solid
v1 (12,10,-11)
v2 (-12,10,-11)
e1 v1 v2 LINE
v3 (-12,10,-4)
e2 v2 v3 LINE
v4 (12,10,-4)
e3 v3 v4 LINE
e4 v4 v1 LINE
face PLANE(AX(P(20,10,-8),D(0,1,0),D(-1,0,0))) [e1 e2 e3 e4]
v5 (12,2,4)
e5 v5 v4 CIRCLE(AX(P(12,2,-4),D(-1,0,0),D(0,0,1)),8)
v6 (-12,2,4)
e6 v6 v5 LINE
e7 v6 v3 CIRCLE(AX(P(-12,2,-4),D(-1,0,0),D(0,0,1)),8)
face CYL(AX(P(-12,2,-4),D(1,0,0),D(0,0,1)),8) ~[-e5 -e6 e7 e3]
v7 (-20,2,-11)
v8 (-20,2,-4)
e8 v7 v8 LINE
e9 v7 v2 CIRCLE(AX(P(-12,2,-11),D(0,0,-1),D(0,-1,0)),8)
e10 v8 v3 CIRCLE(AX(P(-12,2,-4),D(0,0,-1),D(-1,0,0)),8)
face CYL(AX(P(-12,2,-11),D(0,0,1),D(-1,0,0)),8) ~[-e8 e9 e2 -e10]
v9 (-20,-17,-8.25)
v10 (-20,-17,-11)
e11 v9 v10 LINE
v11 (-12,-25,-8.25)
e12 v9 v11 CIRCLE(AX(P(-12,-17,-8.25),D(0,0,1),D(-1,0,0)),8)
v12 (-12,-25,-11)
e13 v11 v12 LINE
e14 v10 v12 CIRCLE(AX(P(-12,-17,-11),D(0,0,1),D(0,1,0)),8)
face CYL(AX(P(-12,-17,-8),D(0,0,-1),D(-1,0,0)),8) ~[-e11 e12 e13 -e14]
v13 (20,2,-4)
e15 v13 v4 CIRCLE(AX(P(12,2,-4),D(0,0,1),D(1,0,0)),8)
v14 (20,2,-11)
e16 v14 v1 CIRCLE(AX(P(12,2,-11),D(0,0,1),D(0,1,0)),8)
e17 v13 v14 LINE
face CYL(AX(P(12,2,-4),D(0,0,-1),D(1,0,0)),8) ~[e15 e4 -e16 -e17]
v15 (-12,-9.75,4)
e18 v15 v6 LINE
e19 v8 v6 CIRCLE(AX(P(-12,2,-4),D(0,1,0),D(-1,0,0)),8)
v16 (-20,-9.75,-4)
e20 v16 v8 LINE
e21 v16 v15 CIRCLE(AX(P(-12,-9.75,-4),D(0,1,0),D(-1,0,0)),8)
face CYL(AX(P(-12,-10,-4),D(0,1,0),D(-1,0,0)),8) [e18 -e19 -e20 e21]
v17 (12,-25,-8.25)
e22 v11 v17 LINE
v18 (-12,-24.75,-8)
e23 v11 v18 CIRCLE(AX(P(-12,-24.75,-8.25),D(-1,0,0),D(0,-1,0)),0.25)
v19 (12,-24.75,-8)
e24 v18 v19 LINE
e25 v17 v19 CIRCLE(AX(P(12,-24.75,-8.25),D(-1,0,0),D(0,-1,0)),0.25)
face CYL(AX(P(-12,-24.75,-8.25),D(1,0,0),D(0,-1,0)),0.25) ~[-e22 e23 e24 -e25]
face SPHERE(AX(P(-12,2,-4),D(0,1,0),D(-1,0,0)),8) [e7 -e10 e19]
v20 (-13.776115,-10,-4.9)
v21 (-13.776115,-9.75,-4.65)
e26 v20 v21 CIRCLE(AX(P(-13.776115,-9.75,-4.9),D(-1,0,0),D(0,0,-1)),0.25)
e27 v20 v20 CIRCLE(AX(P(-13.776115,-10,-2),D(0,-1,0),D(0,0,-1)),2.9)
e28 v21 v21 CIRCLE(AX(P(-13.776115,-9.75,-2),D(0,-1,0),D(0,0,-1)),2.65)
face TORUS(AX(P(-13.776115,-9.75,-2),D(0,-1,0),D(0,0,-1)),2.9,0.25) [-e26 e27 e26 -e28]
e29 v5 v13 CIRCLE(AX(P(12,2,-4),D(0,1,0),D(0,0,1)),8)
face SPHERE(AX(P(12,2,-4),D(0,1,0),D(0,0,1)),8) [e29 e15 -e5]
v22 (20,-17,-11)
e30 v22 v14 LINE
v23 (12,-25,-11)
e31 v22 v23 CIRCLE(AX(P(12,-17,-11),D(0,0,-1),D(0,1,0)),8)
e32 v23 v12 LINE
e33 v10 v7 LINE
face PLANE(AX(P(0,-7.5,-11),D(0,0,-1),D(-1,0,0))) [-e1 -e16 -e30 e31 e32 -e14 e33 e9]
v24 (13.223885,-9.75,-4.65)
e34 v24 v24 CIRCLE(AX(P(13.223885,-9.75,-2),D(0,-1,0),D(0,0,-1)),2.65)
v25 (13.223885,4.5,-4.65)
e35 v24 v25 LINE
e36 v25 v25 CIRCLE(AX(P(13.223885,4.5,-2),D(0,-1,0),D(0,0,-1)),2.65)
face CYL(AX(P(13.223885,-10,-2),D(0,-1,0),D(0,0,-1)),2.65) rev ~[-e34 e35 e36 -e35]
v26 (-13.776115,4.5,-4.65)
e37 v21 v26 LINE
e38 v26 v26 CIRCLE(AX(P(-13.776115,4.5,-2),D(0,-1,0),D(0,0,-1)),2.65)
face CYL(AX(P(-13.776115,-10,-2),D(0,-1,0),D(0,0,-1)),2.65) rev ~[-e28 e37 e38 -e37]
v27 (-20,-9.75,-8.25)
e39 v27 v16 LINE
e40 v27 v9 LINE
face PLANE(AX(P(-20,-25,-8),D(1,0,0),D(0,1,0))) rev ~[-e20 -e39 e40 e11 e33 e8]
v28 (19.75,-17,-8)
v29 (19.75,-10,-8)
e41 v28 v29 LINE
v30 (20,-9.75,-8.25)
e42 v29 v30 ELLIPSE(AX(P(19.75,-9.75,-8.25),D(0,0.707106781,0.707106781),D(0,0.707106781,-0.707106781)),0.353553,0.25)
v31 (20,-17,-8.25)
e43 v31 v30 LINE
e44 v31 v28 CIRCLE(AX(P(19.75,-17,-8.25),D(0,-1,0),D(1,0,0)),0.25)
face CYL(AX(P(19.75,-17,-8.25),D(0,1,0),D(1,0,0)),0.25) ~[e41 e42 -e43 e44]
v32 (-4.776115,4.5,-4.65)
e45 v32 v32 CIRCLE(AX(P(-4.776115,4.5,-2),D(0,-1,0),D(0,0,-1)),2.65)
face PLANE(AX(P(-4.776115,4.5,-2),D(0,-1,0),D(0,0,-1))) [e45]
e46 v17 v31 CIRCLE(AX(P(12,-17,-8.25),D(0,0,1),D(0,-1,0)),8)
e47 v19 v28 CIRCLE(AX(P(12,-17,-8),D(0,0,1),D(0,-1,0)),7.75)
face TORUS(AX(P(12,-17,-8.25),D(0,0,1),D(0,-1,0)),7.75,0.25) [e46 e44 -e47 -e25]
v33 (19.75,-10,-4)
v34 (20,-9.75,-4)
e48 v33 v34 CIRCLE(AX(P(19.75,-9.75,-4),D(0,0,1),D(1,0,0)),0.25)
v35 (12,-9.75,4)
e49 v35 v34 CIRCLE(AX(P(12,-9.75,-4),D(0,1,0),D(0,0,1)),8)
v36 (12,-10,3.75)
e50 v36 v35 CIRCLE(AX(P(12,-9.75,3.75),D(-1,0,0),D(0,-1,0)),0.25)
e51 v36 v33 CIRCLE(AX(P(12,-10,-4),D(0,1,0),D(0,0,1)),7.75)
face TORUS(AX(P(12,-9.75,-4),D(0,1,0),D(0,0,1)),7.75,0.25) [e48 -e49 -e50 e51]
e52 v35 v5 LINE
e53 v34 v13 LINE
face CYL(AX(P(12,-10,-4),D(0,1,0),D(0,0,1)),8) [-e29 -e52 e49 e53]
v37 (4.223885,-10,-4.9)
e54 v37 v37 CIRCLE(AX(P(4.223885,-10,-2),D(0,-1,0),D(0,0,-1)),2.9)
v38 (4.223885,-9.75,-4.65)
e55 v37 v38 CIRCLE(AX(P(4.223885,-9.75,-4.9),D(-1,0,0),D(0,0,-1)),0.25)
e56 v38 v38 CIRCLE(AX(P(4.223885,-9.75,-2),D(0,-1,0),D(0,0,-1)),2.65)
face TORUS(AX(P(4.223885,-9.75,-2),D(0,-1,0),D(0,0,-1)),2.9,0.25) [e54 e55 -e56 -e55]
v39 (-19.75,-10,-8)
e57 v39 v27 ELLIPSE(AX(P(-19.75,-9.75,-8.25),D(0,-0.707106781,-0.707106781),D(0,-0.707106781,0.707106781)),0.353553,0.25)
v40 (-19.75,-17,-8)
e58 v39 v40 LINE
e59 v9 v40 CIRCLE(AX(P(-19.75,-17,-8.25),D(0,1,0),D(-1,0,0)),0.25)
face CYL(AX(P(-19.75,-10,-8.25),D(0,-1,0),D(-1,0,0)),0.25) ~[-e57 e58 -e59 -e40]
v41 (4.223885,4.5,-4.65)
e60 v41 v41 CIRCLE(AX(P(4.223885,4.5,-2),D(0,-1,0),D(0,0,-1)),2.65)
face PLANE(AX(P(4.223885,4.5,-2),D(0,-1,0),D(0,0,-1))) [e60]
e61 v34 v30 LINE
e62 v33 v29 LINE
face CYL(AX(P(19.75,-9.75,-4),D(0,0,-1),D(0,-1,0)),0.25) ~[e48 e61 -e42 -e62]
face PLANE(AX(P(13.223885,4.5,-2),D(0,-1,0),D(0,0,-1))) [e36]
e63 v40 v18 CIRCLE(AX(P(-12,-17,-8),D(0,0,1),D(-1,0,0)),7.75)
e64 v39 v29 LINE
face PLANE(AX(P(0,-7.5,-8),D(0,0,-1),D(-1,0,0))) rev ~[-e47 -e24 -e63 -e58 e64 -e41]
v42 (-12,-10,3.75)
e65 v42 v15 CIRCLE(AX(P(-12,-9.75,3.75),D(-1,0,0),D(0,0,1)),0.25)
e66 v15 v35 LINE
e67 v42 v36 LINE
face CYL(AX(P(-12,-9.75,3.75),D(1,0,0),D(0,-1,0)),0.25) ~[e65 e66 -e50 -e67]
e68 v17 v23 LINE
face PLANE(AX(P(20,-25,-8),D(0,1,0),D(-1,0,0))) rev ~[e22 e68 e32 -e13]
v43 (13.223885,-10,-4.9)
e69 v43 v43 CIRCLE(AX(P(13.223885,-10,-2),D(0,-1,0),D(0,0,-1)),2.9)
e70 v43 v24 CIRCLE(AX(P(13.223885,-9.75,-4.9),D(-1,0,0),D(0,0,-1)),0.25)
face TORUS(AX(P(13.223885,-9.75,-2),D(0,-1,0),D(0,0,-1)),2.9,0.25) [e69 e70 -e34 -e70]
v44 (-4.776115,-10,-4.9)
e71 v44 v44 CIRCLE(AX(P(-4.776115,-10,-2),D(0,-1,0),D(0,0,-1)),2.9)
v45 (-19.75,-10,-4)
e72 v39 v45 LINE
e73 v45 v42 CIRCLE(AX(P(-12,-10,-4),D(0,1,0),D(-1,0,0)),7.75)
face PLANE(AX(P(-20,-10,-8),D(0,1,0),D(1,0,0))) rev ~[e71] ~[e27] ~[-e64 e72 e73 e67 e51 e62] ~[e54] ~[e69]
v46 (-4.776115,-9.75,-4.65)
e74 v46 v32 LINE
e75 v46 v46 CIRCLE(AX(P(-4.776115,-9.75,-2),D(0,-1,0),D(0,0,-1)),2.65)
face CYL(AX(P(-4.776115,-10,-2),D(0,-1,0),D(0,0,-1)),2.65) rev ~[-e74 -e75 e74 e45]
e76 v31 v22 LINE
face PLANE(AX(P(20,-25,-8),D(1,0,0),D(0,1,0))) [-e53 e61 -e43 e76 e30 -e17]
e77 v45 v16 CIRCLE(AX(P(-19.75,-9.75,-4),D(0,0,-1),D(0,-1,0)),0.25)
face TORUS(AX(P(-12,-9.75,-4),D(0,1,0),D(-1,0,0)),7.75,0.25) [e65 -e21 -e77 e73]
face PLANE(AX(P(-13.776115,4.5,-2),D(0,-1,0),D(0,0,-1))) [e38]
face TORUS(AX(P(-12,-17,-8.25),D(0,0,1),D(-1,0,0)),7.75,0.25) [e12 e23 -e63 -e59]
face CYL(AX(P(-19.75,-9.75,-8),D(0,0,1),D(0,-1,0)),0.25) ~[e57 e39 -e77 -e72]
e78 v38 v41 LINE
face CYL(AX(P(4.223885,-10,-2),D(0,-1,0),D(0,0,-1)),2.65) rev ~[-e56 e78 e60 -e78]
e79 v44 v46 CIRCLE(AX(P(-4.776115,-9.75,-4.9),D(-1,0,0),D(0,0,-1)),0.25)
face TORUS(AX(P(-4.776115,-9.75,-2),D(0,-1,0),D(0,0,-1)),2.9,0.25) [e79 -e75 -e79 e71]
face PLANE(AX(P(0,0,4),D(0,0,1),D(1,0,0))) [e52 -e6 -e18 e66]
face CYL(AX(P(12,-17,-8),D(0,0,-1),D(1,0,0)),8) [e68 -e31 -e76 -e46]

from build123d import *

# Parameters (mm, degrees)
BOSS_EXTRU_1_DEPTH      = 4
BOSS_EXTRU_1_DEPTH_BACK = 8
ESQUISSE1_W             = 40
ESQUISSE1_H             = 20
ESQUISSE2_R             = 2.65
ENL_V_MAT_EXTRU_1_DEPTH = 14.5
CONG_1_R                = 8
CONG_2_R                = 0.25
ESQUISSE3_W             = 40
ESQUISSE3_H             = 35
BOSS_EXTRU_2_DEPTH      = 3
CONG_3_R                = 8
CONG_4_R                = 0.25


with BuildPart() as part:
    # Esquisse1 → Boss.-Extru.1 (new, two sides: drawn at the far end of the back side and taken through both)
    with BuildSketch(Plane.XY.offset(-BOSS_EXTRU_1_DEPTH_BACK)):
        Rectangle(ESQUISSE1_W, ESQUISSE1_H)
    extrude(amount=BOSS_EXTRU_1_DEPTH + BOSS_EXTRU_1_DEPTH_BACK)

    # Esquisse2 → Enlèv. mat.-Extru.1 (cut)
    with BuildSketch(Plane.XZ.offset(10)):
        with Locations(Location((-13.776114995, -2, 0), (0, 0, 270))):
            Circle(ESQUISSE2_R)
        with Locations(Location((-4.776114995, -2, 0), (0, 0, 270))):
            Circle(ESQUISSE2_R)
        with Locations(Location((4.223885005, -2, 0), (0, 0, 270))):
            Circle(ESQUISSE2_R)
        with Locations(Location((13.223885005, -2, 0), (0, 0, 270))):
            Circle(ESQUISSE2_R)
    extrude(amount=-ENL_V_MAT_EXTRU_1_DEPTH, mode=Mode.SUBTRACT)

    # Congé1
    cong_1_edges = [part.edges().sort_by_distance(p)[0] for p in [
        (20, 0, 4),
        (-20, 0, 4),
    ]]
    fillet(cong_1_edges, radius=CONG_1_R)

    # Congé2
    cong_2_edges = [part.edges().sort_by_distance(p)[0] for p in [
        (-13.776114995, -10, 0.65),
        (-4.776114995, -10, 0.65),
        (4.223885005, -10, 0.65),
        (13.223885005, -10, 0.65),
    ]]
    fillet(cong_2_edges, radius=CONG_2_R)

    # Esquisse3 → Boss.-Extru.2 (add)
    with BuildSketch(Plane(origin=(0, 0, -8), x_dir=(-1, 0, 0), z_dir=(0, 0, -1))):
        with Locations((0, -7.5)):
            Rectangle(ESQUISSE3_W, ESQUISSE3_H)
    extrude(amount=BOSS_EXTRU_2_DEPTH)

    # Congé3
    cong_3_edges = [part.edges().sort_by_distance(p)[0] for p in [
        (0, 10, 4),
        (17.656854249, 10, 1.656854249),
        (-17.656854249, 10, 1.656854249),
        (-20, -25, -9.5),
        (20, -25, -9.5),
        (-20, 10, -7.5),
        (20, 10, -7.5),
    ]]
    fillet(cong_3_edges, radius=CONG_3_R)

    # Congé4
    cong_4_edges = [part.edges().sort_by_distance(p)[0] for p in [
        (0, -10, 4),
        (17.656854249, -10, 1.656854249),
        (-17.656854249, -10, 1.656854249),
        (20, -13.5, -8),
        (20, -10, -6),
        (-20, -10, -6),
        (-20, -13.5, -8),
        (0, -25, -8),
        (17.656854249, -22.656854249, -8),
        (-17.656854249, -22.656854249, -8),
    ]]
    fillet(cong_4_edges, radius=CONG_4_R)


solid = part.part
